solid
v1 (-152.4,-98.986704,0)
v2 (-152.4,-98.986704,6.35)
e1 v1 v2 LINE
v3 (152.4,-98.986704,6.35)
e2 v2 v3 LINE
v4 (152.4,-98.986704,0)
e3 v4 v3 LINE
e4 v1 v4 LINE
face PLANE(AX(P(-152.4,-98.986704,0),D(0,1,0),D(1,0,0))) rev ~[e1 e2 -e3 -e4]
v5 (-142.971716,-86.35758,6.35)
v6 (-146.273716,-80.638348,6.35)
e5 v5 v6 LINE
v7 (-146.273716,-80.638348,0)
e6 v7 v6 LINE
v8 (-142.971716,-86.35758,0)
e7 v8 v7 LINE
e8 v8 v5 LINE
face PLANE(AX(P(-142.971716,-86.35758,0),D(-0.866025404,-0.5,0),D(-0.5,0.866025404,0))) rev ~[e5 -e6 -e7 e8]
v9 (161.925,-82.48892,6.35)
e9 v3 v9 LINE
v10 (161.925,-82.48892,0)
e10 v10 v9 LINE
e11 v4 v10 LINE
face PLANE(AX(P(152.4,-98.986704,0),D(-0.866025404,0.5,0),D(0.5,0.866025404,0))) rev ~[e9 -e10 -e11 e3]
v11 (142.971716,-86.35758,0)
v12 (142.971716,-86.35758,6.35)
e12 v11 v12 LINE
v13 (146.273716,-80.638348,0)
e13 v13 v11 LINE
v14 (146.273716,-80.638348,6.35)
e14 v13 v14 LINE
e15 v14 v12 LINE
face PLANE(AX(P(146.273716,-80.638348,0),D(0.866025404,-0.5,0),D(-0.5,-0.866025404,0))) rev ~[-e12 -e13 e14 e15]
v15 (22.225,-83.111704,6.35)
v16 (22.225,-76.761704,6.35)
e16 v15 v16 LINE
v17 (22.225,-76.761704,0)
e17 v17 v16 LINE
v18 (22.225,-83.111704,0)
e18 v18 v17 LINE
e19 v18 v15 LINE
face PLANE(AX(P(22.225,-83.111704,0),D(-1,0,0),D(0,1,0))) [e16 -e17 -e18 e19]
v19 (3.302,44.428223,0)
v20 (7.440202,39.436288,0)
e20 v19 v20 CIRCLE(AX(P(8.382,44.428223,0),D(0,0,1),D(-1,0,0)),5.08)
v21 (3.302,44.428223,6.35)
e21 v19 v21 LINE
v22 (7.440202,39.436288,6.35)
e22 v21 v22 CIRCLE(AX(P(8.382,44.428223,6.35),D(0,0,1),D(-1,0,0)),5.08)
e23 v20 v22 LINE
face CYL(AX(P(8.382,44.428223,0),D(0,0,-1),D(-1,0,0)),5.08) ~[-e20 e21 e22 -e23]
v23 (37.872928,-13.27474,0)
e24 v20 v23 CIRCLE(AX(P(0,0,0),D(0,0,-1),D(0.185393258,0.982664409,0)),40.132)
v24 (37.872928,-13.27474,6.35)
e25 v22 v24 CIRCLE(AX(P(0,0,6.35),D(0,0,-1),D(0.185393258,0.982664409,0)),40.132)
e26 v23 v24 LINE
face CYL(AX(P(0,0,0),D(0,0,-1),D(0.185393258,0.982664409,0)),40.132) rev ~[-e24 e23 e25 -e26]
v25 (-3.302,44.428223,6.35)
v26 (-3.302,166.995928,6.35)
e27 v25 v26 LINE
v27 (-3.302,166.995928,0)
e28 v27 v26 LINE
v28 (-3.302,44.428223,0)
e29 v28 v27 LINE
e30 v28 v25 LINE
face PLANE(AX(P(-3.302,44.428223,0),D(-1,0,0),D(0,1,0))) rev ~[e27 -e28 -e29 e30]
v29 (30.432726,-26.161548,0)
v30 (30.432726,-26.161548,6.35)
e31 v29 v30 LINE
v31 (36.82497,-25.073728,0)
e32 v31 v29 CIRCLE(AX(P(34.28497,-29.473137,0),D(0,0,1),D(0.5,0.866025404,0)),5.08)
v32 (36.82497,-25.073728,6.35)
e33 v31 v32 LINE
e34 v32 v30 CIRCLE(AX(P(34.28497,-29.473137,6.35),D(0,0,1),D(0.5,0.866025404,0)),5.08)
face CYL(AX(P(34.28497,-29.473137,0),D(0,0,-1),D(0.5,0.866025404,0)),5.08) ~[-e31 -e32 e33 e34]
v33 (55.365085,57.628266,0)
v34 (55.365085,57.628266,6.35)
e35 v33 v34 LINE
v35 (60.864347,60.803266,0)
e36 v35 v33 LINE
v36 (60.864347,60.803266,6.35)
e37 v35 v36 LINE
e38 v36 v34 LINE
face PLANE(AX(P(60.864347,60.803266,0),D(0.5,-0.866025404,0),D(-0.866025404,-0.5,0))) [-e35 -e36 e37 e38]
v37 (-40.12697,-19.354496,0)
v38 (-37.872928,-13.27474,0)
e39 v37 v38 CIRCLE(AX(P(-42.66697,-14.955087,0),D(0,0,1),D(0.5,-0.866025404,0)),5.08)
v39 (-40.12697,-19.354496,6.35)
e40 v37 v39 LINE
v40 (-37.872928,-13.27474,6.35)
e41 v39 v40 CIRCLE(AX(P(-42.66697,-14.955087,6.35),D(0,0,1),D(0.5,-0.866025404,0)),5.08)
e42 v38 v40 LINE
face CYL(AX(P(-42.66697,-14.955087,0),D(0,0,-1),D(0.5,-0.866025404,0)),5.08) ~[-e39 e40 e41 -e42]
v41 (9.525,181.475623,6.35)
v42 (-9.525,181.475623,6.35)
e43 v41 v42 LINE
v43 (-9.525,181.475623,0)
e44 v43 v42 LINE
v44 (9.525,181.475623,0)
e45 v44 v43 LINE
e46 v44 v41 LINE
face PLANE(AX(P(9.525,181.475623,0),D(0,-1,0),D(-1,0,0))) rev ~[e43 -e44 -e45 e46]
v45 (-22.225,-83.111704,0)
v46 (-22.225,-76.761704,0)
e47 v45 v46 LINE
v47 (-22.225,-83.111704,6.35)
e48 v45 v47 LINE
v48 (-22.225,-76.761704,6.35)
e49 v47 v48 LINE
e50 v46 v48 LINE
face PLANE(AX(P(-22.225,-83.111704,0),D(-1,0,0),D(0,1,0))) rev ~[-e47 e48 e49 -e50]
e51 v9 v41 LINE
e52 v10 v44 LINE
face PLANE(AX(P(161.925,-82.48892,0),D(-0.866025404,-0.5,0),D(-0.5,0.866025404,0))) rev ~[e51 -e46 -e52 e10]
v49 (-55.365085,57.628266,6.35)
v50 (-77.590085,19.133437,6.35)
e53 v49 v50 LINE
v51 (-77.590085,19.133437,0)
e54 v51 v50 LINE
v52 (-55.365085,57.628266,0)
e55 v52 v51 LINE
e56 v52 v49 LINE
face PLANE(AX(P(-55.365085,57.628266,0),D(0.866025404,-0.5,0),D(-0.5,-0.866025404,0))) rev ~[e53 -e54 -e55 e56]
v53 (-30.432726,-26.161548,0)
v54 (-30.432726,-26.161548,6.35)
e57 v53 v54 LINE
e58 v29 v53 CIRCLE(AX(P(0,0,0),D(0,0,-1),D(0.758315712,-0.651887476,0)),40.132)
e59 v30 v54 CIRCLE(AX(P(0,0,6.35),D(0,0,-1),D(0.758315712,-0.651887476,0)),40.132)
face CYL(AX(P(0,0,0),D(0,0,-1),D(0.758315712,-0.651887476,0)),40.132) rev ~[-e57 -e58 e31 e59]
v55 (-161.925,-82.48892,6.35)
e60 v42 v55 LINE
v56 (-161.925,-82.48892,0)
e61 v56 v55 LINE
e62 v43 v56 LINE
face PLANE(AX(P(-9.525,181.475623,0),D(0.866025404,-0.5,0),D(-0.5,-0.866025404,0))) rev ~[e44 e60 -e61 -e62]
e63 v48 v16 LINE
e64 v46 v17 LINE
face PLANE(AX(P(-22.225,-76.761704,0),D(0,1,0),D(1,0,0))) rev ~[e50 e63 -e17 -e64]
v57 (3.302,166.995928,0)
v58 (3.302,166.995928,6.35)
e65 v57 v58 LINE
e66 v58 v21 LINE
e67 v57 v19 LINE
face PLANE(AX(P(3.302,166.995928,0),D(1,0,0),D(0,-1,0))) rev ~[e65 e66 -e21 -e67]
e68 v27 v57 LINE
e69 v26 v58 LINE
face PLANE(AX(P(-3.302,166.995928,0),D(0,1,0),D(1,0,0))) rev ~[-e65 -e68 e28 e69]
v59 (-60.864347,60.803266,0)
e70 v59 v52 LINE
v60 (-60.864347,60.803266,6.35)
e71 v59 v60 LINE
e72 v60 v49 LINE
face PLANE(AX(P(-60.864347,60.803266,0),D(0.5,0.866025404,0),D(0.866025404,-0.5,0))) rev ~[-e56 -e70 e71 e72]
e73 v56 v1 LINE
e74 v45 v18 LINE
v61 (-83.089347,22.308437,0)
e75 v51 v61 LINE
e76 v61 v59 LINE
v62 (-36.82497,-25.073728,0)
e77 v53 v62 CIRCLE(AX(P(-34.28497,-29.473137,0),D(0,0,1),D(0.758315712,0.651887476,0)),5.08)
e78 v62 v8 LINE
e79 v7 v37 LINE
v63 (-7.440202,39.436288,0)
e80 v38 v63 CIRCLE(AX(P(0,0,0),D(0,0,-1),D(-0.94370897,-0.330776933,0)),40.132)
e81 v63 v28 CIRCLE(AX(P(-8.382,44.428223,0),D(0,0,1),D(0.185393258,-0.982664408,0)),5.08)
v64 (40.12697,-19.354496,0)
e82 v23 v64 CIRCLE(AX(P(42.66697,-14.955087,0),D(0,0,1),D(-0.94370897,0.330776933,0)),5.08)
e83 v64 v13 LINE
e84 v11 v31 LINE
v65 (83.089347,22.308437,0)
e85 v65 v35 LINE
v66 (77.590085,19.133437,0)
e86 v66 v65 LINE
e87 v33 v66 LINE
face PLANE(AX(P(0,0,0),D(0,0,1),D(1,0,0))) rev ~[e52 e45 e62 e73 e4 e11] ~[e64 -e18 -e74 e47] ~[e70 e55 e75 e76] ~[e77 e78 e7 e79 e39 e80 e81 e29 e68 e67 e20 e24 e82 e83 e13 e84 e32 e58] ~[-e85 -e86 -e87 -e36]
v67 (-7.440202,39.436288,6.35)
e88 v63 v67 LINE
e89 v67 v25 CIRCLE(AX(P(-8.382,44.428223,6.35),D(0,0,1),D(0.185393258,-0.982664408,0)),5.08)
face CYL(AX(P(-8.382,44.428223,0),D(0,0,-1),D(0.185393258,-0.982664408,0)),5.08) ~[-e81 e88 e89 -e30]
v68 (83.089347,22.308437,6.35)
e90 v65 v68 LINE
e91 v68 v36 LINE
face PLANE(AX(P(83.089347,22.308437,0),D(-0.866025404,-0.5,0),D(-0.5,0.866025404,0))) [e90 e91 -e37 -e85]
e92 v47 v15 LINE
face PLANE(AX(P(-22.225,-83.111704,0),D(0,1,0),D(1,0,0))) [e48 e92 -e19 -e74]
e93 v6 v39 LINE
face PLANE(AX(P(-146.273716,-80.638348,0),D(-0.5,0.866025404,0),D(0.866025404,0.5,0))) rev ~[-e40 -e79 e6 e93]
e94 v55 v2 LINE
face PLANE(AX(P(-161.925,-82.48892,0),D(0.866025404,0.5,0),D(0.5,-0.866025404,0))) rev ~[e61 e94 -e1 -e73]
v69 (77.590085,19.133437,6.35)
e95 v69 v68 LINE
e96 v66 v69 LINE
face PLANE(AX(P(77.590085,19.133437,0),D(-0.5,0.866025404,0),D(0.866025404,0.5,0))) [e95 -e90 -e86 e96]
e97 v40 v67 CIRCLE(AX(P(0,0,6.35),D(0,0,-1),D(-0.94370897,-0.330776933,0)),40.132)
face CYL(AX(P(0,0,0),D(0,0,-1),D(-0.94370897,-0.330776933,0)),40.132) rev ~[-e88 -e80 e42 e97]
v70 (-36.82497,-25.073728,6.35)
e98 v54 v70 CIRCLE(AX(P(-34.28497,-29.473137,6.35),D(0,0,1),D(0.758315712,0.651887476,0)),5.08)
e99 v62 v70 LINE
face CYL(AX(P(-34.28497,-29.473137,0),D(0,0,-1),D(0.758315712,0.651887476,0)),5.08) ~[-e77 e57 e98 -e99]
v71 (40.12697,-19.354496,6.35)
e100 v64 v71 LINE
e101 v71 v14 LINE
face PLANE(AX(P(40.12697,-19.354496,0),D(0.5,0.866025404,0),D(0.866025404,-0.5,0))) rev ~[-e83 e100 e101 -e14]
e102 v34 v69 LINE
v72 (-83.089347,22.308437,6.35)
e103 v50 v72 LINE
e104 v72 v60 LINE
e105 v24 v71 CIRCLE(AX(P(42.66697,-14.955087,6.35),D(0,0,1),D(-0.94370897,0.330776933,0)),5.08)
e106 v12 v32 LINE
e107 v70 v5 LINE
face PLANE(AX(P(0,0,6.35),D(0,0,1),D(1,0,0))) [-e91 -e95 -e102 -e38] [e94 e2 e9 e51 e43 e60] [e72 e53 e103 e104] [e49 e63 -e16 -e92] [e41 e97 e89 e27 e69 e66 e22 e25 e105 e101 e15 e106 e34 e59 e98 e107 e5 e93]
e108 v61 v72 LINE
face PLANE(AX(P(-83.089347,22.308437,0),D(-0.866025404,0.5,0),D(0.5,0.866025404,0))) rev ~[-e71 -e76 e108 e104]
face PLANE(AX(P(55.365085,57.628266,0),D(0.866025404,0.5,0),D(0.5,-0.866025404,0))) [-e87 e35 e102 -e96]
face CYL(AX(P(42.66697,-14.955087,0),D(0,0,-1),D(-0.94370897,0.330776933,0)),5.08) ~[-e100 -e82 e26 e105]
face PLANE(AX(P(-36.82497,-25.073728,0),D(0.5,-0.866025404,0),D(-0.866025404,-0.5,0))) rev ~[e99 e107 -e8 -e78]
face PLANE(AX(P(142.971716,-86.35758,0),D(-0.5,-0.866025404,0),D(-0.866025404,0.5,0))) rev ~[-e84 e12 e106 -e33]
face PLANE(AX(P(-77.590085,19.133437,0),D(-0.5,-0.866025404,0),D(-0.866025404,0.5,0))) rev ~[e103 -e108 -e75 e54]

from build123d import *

# Parameters (mm, degrees)
SKETCH1_W           = 44.45
SKETCH1_H           = 6.35
BOSS_EXTRUDE1_DEPTH = 6.35


with BuildPart() as part:
    # Sketch1 → Boss-Extrude1 (new body)
    with BuildSketch(Plane.XY):
        Polygon((0, -98.986703653), (152.4, -98.986703653), (161.925, -82.48891971), (9.525, 181.475623363), (-9.525, 181.475623363), (-161.925, -82.48891971), (-152.4, -98.986703653), align=None)
        with BuildLine():
            Line((-3.302, 166.995927543), (3.302, 166.995927543))
            Line((3.302, 166.995927543), (3.302, 44.428223237))
            ThreePointArc((3.302, 44.428223237), (4.471070917, 41.186150797), (7.440202247, 39.436288042))
            ThreePointArc((7.440202247, 39.436288042), (34.755331505, 20.066), (37.872928399, -13.274739866))
            ThreePointArc((37.872928399, -13.274739866), (37.903788333, -16.721014402), (40.126969968, -19.354495735))
            Line((40.126969968, -19.354495735), (146.273715581, -80.638347888))
            Line((146.273715581, -80.638347888), (142.971715581, -86.357579655))
            Line((142.971715581, -86.357579655), (36.824969968, -25.073727502))
            ThreePointArc((36.824969968, -25.073727502), (33.432717416, -24.465136395), (30.432726152, -26.161548176))
            ThreePointArc((30.432726152, -26.161548176), (0, -40.132), (-30.432726152, -26.161548176))
            ThreePointArc((-30.432726152, -26.161548176), (-33.432717416, -24.465136395), (-36.824969968, -25.073727502))
            Line((-36.824969968, -25.073727502), (-142.971715581, -86.357579655))
            Line((-142.971715581, -86.357579655), (-146.273715581, -80.638347888))
            Line((-146.273715581, -80.638347888), (-40.126969968, -19.354495735))
            ThreePointArc((-40.126969968, -19.354495735), (-37.903788333, -16.721014402), (-37.872928399, -13.274739866))
            ThreePointArc((-37.872928399, -13.274739866), (-34.755331505, 20.066), (-7.440202247, 39.436288042))
            ThreePointArc((-7.440202247, 39.436288042), (-4.471070917, 41.186150797), (-3.302, 44.428223237))
            Line((-3.302, 44.428223237), (-3.302, 166.995927543))
        make_face(mode=Mode.SUBTRACT)
        with Locations((0, -79.936703653)):
            Rectangle(SKETCH1_W, SKETCH1_H, mode=Mode.SUBTRACT)
        Polygon((-83.089346715, 22.308437227), (-60.864346715, 60.803266425), (-55.365085401, 57.628266425), (-77.590085401, 19.133437227), align=None, mode=Mode.SUBTRACT)
        Polygon((60.864346715, 60.803266425), (55.365085401, 57.628266425), (77.590085401, 19.133437227), (83.089346715, 22.308437227), align=None, mode=Mode.SUBTRACT)
    extrude(amount=BOSS_EXTRUDE1_DEPTH)


solid = part.part
